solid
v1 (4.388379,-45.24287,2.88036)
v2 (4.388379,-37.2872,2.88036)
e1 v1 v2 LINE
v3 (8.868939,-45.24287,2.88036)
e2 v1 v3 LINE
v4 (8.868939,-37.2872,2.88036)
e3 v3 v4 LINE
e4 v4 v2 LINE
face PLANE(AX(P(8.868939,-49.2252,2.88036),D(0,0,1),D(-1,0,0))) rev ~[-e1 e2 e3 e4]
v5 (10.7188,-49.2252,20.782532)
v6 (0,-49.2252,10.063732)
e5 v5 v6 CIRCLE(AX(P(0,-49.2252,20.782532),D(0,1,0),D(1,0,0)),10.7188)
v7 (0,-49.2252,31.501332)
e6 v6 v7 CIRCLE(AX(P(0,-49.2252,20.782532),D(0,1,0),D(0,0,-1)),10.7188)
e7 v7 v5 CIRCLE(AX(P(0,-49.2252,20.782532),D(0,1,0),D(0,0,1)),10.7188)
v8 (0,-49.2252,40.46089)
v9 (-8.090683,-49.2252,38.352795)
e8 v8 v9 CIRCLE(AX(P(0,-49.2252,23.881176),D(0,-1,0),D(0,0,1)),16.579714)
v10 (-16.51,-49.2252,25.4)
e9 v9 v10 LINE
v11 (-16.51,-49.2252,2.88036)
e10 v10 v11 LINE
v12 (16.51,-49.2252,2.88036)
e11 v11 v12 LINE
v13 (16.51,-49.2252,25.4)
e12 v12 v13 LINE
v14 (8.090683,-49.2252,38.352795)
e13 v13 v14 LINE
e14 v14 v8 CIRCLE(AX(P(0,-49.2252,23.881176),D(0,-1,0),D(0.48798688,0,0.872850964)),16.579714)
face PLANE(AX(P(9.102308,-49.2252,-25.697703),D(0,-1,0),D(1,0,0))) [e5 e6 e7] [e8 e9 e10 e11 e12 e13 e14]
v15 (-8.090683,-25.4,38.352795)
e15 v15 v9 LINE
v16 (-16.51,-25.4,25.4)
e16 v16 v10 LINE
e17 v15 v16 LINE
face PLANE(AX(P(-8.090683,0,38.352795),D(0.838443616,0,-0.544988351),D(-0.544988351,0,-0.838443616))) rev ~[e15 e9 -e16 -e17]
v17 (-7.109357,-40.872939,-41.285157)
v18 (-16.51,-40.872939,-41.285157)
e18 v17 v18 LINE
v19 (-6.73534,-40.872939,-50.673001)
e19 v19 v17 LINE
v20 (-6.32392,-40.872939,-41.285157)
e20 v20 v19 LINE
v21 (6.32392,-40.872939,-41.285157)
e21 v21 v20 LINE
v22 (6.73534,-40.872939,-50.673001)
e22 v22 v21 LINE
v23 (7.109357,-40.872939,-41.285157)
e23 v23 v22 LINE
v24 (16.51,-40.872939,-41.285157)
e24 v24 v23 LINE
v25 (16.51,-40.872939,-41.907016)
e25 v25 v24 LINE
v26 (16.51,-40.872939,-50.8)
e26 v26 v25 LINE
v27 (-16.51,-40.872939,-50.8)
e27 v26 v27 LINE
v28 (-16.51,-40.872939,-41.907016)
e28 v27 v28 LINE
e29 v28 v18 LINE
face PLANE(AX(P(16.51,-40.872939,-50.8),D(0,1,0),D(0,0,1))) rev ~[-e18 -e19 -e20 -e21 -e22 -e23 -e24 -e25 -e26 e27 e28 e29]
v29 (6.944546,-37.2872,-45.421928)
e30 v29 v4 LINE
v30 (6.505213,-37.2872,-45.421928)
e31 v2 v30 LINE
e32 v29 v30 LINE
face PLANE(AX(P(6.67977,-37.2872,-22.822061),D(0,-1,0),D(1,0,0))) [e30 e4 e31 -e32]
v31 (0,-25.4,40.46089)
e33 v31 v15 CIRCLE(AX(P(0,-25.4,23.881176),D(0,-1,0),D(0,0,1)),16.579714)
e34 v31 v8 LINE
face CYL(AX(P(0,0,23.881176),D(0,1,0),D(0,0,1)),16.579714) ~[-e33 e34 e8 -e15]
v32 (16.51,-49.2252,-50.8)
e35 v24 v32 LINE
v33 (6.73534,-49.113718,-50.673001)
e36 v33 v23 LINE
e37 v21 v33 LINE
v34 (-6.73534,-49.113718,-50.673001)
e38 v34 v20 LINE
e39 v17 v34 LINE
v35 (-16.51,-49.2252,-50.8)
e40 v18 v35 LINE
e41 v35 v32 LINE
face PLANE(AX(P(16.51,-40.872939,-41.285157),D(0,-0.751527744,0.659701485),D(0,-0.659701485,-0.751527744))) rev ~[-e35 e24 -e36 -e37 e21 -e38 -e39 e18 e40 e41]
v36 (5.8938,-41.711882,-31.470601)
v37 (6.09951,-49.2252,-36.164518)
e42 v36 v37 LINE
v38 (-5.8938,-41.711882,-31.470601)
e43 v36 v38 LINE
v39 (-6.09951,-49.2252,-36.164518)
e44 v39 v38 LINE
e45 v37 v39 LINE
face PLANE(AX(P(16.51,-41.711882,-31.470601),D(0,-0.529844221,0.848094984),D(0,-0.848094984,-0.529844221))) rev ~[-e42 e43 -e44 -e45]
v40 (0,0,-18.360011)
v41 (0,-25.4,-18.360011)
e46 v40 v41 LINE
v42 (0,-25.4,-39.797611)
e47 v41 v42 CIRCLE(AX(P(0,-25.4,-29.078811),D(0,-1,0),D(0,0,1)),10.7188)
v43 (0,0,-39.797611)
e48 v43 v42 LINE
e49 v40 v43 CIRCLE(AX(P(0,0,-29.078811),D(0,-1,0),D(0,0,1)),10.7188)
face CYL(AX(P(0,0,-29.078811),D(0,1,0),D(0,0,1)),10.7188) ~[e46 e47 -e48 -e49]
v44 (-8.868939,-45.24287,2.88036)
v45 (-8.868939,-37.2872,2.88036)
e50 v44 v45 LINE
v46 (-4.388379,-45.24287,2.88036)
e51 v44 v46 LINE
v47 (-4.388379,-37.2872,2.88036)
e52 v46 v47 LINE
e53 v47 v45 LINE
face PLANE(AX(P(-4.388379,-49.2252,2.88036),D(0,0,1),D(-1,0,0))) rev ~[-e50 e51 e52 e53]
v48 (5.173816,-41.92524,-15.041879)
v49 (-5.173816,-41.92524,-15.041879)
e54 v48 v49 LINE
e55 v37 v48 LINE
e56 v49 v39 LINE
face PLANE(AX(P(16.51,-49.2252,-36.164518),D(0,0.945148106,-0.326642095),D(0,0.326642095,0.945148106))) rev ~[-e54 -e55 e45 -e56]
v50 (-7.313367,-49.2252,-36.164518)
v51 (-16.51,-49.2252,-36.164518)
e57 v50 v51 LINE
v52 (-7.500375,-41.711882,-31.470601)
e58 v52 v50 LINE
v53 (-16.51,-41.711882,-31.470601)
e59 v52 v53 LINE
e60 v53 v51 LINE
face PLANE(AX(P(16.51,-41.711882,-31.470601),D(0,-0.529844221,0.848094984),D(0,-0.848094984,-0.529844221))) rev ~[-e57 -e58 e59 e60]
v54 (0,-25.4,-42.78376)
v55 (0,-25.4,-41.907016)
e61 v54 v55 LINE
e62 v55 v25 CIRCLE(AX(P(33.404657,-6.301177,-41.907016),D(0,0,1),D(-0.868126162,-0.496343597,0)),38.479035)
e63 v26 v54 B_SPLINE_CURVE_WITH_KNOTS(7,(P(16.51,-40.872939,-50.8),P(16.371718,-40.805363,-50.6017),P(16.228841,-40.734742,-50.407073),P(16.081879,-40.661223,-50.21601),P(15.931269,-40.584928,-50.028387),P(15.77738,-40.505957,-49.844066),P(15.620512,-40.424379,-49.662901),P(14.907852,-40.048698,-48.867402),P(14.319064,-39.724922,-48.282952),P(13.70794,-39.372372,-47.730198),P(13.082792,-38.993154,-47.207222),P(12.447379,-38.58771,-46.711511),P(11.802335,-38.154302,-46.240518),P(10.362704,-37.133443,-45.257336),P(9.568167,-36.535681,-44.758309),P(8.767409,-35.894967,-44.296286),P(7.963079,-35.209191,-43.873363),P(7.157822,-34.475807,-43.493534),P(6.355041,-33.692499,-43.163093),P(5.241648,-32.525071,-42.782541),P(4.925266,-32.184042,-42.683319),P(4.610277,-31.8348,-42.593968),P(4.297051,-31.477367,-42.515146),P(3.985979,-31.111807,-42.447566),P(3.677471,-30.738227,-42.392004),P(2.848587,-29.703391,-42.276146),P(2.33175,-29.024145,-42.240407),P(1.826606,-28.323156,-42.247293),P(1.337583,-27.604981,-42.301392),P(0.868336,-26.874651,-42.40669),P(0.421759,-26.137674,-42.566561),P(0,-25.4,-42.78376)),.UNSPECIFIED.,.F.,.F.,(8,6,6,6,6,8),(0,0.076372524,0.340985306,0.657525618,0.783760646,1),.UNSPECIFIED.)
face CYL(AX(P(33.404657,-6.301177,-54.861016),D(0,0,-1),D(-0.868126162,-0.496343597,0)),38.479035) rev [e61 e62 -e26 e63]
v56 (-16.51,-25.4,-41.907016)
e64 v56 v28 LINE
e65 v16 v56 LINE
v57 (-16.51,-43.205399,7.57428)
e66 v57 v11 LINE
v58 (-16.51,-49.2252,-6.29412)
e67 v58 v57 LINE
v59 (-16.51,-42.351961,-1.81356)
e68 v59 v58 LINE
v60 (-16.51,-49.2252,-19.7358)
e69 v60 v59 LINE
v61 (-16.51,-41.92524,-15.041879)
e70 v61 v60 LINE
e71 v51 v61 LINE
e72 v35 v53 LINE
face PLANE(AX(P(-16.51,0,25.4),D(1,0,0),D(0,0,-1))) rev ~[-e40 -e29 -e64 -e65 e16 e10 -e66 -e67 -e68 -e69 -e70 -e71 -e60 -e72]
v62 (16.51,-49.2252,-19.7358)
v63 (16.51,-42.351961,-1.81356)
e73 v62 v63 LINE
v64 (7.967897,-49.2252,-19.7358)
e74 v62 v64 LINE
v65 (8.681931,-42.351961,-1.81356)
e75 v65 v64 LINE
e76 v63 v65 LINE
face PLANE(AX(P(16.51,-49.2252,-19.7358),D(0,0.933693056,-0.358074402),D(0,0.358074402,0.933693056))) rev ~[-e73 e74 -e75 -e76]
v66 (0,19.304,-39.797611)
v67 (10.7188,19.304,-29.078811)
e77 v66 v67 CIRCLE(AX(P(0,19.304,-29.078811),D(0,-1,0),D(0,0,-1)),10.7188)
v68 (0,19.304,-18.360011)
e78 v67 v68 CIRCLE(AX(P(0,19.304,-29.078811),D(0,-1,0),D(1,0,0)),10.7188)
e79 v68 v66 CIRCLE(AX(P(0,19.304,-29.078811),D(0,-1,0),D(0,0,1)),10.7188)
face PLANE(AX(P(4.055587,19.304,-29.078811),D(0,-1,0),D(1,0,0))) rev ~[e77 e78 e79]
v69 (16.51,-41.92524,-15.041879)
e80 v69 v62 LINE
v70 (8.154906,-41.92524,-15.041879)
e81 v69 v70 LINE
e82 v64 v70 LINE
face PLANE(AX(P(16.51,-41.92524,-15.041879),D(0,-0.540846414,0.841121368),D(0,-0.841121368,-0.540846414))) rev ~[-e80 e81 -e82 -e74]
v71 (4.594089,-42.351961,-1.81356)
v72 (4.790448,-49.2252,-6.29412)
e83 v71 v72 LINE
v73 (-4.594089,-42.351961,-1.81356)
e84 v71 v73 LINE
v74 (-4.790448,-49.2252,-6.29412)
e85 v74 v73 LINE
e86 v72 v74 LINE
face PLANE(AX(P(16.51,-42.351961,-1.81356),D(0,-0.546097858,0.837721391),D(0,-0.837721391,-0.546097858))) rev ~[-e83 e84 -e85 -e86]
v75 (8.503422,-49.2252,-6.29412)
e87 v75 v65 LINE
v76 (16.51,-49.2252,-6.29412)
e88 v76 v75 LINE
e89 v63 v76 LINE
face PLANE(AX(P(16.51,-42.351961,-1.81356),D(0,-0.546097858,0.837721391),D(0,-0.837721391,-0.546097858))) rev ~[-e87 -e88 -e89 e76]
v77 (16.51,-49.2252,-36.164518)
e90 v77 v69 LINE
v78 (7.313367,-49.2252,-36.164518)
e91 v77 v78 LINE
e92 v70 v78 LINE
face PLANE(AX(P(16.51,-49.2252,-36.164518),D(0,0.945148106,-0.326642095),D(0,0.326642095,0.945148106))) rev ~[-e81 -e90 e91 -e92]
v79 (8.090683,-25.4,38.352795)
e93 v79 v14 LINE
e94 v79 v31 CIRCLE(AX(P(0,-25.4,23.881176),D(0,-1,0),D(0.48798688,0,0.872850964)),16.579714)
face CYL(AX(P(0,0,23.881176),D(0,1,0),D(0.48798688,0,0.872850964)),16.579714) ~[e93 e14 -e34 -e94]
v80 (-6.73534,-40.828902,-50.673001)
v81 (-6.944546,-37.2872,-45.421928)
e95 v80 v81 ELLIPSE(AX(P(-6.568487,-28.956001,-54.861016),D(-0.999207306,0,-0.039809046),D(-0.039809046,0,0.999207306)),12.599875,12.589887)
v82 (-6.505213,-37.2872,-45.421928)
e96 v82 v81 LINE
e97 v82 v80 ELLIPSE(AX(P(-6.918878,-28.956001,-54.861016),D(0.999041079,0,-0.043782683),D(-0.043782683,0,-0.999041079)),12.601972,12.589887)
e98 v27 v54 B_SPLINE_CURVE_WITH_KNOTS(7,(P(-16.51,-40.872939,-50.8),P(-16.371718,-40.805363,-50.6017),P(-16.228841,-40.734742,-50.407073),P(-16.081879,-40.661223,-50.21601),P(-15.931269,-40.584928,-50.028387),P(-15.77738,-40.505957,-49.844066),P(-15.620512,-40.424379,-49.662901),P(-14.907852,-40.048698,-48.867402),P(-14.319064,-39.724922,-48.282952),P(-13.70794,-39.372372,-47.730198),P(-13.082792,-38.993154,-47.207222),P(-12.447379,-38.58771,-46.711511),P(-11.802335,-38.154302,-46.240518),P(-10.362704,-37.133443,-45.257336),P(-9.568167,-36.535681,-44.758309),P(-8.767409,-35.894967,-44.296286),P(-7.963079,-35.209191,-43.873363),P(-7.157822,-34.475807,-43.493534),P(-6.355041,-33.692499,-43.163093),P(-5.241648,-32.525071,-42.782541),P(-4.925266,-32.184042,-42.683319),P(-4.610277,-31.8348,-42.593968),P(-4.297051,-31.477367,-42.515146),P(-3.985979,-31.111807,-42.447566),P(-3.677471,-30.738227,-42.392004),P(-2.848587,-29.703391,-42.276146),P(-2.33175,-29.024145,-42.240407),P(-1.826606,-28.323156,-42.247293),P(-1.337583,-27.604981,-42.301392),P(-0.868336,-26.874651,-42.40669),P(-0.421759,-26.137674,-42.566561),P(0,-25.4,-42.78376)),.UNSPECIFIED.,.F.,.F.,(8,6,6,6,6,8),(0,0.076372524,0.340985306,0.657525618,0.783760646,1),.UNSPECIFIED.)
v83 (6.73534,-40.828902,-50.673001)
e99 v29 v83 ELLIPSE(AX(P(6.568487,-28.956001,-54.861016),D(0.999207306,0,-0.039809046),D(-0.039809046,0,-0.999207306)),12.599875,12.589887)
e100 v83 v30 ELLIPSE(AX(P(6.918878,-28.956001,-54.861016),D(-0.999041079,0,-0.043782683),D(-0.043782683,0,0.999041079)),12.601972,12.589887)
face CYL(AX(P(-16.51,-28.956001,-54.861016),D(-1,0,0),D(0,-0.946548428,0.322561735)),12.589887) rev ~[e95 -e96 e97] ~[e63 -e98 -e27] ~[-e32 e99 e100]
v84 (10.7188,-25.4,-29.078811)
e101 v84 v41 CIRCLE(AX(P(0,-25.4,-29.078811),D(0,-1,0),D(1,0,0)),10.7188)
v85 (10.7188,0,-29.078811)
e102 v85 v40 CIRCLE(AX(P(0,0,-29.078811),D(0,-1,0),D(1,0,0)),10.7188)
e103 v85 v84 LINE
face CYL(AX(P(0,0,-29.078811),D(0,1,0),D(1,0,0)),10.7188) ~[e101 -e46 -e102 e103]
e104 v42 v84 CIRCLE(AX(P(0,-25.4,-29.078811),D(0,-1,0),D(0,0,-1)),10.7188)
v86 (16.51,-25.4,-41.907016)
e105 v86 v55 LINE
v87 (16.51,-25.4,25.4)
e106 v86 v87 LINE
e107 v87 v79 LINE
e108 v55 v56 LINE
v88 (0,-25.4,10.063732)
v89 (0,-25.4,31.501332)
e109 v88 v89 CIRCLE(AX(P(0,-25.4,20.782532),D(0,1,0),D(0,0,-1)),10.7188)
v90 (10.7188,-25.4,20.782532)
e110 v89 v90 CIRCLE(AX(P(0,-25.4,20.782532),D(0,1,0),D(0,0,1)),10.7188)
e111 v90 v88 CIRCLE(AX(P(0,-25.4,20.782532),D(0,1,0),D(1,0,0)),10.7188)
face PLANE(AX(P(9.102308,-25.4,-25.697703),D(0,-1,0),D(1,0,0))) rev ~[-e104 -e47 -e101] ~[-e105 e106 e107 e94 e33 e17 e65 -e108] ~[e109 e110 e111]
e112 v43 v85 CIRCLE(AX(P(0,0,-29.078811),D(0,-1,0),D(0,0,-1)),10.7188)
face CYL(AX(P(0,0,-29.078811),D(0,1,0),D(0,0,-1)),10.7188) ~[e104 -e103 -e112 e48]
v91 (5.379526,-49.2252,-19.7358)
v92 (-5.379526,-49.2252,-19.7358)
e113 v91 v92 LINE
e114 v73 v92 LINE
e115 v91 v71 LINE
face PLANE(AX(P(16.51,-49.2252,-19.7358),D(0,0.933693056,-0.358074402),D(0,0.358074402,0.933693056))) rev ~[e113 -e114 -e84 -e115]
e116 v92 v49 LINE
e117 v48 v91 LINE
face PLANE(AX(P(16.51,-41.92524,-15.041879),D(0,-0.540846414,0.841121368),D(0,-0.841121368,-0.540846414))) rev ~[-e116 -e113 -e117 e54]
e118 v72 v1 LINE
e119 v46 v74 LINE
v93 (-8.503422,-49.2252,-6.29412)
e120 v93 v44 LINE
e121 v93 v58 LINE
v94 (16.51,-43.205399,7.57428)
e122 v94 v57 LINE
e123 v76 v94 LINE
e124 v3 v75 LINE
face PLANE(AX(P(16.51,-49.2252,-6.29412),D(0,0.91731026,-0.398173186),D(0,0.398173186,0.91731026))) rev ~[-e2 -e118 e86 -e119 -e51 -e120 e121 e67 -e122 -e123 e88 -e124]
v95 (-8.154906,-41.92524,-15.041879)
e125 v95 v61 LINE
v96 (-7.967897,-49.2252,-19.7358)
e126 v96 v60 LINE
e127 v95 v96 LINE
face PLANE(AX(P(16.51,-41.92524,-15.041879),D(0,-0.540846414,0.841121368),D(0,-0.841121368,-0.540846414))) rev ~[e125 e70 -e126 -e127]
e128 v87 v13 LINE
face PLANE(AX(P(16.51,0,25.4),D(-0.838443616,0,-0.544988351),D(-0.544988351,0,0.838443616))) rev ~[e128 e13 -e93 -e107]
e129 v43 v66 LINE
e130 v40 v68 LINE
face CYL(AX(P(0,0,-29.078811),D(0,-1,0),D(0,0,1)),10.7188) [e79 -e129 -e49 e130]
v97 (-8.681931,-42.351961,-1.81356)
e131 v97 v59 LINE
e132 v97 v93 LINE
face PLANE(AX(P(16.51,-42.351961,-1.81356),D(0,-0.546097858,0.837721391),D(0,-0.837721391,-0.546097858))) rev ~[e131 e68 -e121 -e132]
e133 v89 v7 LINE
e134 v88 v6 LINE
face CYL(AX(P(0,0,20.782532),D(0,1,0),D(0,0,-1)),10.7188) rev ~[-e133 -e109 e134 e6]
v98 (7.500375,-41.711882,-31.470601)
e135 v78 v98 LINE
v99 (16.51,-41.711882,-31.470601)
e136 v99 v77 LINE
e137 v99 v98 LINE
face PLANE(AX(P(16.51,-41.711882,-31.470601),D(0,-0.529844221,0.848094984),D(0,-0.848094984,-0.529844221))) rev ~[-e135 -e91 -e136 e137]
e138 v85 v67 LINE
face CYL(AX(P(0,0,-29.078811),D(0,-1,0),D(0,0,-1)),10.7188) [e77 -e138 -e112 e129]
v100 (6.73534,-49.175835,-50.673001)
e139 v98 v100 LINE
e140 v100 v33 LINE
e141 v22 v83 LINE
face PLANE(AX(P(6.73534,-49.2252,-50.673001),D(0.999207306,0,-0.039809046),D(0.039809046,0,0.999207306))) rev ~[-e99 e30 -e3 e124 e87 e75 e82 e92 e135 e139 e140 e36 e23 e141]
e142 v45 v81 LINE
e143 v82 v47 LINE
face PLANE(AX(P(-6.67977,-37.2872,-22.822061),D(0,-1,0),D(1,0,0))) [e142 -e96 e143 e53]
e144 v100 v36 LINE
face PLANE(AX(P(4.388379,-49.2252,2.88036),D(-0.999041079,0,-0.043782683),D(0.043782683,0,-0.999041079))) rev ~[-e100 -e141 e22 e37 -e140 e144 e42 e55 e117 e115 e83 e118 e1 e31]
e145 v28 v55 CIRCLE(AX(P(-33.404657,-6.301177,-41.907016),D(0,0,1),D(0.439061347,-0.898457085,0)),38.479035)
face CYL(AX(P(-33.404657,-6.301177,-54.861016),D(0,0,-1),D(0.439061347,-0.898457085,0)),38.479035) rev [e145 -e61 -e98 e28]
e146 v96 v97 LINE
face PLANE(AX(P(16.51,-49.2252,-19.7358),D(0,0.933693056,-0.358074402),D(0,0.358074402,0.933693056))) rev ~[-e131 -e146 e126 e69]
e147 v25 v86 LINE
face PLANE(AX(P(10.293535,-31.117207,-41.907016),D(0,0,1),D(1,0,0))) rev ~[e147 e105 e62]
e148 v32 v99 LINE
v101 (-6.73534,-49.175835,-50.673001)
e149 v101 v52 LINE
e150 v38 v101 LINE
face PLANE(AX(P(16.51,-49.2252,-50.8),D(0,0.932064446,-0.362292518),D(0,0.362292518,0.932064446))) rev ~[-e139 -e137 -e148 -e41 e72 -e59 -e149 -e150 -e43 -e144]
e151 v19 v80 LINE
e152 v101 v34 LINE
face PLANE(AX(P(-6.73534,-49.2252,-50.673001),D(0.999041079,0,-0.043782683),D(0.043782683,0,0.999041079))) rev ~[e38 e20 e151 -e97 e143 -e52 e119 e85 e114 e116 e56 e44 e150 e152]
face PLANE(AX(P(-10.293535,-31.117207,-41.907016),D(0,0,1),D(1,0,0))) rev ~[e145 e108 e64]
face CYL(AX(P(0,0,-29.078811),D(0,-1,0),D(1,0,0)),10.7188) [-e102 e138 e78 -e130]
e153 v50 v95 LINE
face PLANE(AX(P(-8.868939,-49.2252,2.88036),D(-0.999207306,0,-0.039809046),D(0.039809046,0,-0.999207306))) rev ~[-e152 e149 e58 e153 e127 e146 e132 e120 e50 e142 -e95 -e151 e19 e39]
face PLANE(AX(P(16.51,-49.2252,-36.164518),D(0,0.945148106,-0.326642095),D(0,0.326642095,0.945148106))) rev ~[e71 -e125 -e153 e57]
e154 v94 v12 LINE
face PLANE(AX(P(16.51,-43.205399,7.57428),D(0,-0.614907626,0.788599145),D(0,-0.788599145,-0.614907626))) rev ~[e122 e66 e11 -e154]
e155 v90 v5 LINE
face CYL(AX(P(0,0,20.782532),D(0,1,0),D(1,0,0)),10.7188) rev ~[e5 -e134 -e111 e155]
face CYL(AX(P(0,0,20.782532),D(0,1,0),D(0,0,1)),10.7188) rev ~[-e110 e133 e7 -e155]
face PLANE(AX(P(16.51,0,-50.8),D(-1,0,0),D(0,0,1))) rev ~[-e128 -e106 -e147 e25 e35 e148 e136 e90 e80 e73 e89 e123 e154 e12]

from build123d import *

# Parameters (mm, degrees)
F1_DEPTH  = 49.2252
F2_DEPTH  = 19.304
F3_DEPTH  = 25.4
F5_DEPTH  = 52.832
F7_DEPTH  = 11.938
F9_DEPTH  = 122.936
F12_DEPTH = 12.954


with BuildPart() as f1:
    # F0 (on Front) → F1 (new body)
    with BuildSketch(Plane.XZ):
        with BuildLine():
            Line((16.51, 0), (0, 0))
            Line((0, 0), (0, -18.3600114071))
            ThreePointArc((0, -18.3600114071), (7.5793361662, -21.4994752409), (10.7188, -29.0788114071))
            ThreePointArc((10.7188, -29.0788114071), (7.5793361662, -36.6581475733), (0, -39.7976114071))
            Line((0, -39.7976114071), (0, -50.8))
            Line((0, -50.8), (16.51, -50.8))
            Line((16.51, -50.8), (16.51, 0))
        make_face()
        with BuildLine():
            Line((0, 0), (-16.51, 0))
            Line((-16.51, 0), (-16.51, -50.8))
            Line((-16.51, -50.8), (0, -50.8))
            Line((0, -50.8), (0, -39.7976114071))
            ThreePointArc((0, -39.7976114071), (-10.7188, -29.0788114071), (0, -18.3600114071))
            Line((0, -18.3600114071), (0, 0))
        make_face()
        with BuildLine():
            Line((0, -39.7976114071), (0, -18.3600114071))
            ThreePointArc((0, -18.3600114071), (-10.7188, -29.0788114071), (0, -39.7976114071))
        make_face()
        with BuildLine():
            ThreePointArc((10.7188, -29.0788114071), (7.5793361662, -21.4994752409), (0, -18.3600114071))
            Line((0, -18.3600114071), (0, -39.7976114071))
            ThreePointArc((0, -39.7976114071), (7.5793361662, -36.6581475733), (10.7188, -29.0788114071))
        make_face()
        with BuildLine():
            ThreePointArc((8.0906830767, 38.3527952666), (4.1804071549, 39.9252126402), (0, 40.4608899692))
            Line((0, 40.4608899692), (0, 31.5013315929))
            ThreePointArc((0, 31.5013315929), (7.5793361662, 28.3618677591), (10.7188, 20.7825315929))
            ThreePointArc((10.7188, 20.7825315929), (7.5793361662, 13.2031954267), (0, 10.0637315929))
            Line((0, 10.0637315929), (0, 0))
            Line((0, 0), (16.51, 0))
            Line((16.51, 0), (16.51, 25.4))
            Line((16.51, 25.4), (8.0906830767, 38.3527952666))
        make_face()
        with BuildLine():
            Line((-8.0906830767, 38.3527952666), (-16.51, 25.4))
            Line((-16.51, 25.4), (-16.51, 0))
            Line((-16.51, 0), (0, 0))
            Line((0, 0), (0, 10.0637315929))
            ThreePointArc((0, 10.0637315929), (-10.7188, 20.7825315929), (0, 31.5013315929))
            Line((0, 31.5013315929), (0, 40.4608899692))
            ThreePointArc((0, 40.4608899692), (-4.1804071549, 39.9252126402), (-8.0906830767, 38.3527952666))
        make_face()
    extrude(amount=F1_DEPTH)

    # F0 (on Front) → F2 (join)
    with BuildSketch(Plane.XZ):
        with BuildLine():
            ThreePointArc((10.7188, -29.0788114071), (7.5793361662, -21.4994752409), (0, -18.3600114071))
            Line((0, -18.3600114071), (0, -39.7976114071))
            ThreePointArc((0, -39.7976114071), (7.5793361662, -36.6581475733), (10.7188, -29.0788114071))
        make_face()
        with BuildLine():
            Line((0, -39.7976114071), (0, -18.3600114071))
            ThreePointArc((0, -18.3600114071), (-10.7188, -29.0788114071), (0, -39.7976114071))
        make_face()
    extrude(amount=-F2_DEPTH)

    # F3 (cut): a face of the model
    f3_faces = [f1.faces().sort_by_distance(p)[0] for p in [
        (0, 0, -8.4904075725),
    ]]
    extrude(f3_faces, amount=-F3_DEPTH, mode=Mode.SUBTRACT)

    # F4 (on face) → F5 (cut)
    with BuildSketch(Plane.YZ.offset(16.51)):
        Polygon((-49.2252, 2.8803599998), (-49.2252, -6.2941201031), (-43.2053990662, 7.5742802583), align=None)
        Polygon((-49.2252, -6.2941201031), (-49.2252, -19.7358001024), (-42.3519611359, -1.8135600258), align=None)
        Polygon((-49.2252, -19.7358001024), (-49.2252, -36.1645184457), (-41.925240308, -15.0418793783), align=None)
        Polygon((-49.2252, -36.1645184457), (-49.2252, -50.8), (-41.7118817568, -31.4706005156), align=None)
        Polygon((-40.872938931, -41.2851572037), (-49.2252, -50.8), (-40.872938931, -50.8), align=None)
    extrude(amount=-F5_DEPTH, mode=Mode.SUBTRACT)

    # F6 (on face) → F7 (cut)
    with BuildSketch(Plane.XZ.offset(49.2252)):
        Polygon((-4.3883793987, 2.8803599998), (-8.8689392433, 2.8803599998), (-6.7353397608, -50.6730005145), align=None)
        Polygon((8.8689392433, 2.8803599998), (4.3883793987, 2.8803599998), (6.7353397608, -50.6730005145), align=None)
    extrude(amount=-F7_DEPTH, mode=Mode.SUBTRACT)

    # F8 (on face) → F9 (cut)
    with BuildSketch(Plane(origin=(-16.51, 0, 0), x_dir=(0, -1, 0), z_dir=(-1, 0, 0))):
        with BuildLine():
            Line((25.4, -50.8), (40.872938931, -50.8))
            ThreePointArc((40.872938931, -50.8), (34.7474899189, -43.6822897794), (25.4, -42.7837595344))
            Line((25.4, -42.7837595344), (25.4, -50.8))
        make_face()
    extrude(amount=-F9_DEPTH, mode=Mode.SUBTRACT)

    # F11 (on face) → F12 (cut)
    with BuildSketch(Plane.XY.offset(-54.8610159065)):
        with BuildLine():
            Line((-16.51, -25.4), (-16.51, -40.872938931))
            ThreePointArc((-16.51, -40.872938931), (-7.0919565047, -34.3774649993), (0, -25.4))
            Line((0, -25.4), (-16.51, -25.4))
        make_face()
        with BuildLine():
            Line((16.51, -25.4), (0, -25.4))
            ThreePointArc((0, -25.4), (7.0919565047, -34.3774649993), (16.51, -40.872938931))
            Line((16.51, -40.872938931), (16.51, -25.4))
        make_face()
    extrude(amount=F12_DEPTH, mode=Mode.SUBTRACT)


solid = f1.part
